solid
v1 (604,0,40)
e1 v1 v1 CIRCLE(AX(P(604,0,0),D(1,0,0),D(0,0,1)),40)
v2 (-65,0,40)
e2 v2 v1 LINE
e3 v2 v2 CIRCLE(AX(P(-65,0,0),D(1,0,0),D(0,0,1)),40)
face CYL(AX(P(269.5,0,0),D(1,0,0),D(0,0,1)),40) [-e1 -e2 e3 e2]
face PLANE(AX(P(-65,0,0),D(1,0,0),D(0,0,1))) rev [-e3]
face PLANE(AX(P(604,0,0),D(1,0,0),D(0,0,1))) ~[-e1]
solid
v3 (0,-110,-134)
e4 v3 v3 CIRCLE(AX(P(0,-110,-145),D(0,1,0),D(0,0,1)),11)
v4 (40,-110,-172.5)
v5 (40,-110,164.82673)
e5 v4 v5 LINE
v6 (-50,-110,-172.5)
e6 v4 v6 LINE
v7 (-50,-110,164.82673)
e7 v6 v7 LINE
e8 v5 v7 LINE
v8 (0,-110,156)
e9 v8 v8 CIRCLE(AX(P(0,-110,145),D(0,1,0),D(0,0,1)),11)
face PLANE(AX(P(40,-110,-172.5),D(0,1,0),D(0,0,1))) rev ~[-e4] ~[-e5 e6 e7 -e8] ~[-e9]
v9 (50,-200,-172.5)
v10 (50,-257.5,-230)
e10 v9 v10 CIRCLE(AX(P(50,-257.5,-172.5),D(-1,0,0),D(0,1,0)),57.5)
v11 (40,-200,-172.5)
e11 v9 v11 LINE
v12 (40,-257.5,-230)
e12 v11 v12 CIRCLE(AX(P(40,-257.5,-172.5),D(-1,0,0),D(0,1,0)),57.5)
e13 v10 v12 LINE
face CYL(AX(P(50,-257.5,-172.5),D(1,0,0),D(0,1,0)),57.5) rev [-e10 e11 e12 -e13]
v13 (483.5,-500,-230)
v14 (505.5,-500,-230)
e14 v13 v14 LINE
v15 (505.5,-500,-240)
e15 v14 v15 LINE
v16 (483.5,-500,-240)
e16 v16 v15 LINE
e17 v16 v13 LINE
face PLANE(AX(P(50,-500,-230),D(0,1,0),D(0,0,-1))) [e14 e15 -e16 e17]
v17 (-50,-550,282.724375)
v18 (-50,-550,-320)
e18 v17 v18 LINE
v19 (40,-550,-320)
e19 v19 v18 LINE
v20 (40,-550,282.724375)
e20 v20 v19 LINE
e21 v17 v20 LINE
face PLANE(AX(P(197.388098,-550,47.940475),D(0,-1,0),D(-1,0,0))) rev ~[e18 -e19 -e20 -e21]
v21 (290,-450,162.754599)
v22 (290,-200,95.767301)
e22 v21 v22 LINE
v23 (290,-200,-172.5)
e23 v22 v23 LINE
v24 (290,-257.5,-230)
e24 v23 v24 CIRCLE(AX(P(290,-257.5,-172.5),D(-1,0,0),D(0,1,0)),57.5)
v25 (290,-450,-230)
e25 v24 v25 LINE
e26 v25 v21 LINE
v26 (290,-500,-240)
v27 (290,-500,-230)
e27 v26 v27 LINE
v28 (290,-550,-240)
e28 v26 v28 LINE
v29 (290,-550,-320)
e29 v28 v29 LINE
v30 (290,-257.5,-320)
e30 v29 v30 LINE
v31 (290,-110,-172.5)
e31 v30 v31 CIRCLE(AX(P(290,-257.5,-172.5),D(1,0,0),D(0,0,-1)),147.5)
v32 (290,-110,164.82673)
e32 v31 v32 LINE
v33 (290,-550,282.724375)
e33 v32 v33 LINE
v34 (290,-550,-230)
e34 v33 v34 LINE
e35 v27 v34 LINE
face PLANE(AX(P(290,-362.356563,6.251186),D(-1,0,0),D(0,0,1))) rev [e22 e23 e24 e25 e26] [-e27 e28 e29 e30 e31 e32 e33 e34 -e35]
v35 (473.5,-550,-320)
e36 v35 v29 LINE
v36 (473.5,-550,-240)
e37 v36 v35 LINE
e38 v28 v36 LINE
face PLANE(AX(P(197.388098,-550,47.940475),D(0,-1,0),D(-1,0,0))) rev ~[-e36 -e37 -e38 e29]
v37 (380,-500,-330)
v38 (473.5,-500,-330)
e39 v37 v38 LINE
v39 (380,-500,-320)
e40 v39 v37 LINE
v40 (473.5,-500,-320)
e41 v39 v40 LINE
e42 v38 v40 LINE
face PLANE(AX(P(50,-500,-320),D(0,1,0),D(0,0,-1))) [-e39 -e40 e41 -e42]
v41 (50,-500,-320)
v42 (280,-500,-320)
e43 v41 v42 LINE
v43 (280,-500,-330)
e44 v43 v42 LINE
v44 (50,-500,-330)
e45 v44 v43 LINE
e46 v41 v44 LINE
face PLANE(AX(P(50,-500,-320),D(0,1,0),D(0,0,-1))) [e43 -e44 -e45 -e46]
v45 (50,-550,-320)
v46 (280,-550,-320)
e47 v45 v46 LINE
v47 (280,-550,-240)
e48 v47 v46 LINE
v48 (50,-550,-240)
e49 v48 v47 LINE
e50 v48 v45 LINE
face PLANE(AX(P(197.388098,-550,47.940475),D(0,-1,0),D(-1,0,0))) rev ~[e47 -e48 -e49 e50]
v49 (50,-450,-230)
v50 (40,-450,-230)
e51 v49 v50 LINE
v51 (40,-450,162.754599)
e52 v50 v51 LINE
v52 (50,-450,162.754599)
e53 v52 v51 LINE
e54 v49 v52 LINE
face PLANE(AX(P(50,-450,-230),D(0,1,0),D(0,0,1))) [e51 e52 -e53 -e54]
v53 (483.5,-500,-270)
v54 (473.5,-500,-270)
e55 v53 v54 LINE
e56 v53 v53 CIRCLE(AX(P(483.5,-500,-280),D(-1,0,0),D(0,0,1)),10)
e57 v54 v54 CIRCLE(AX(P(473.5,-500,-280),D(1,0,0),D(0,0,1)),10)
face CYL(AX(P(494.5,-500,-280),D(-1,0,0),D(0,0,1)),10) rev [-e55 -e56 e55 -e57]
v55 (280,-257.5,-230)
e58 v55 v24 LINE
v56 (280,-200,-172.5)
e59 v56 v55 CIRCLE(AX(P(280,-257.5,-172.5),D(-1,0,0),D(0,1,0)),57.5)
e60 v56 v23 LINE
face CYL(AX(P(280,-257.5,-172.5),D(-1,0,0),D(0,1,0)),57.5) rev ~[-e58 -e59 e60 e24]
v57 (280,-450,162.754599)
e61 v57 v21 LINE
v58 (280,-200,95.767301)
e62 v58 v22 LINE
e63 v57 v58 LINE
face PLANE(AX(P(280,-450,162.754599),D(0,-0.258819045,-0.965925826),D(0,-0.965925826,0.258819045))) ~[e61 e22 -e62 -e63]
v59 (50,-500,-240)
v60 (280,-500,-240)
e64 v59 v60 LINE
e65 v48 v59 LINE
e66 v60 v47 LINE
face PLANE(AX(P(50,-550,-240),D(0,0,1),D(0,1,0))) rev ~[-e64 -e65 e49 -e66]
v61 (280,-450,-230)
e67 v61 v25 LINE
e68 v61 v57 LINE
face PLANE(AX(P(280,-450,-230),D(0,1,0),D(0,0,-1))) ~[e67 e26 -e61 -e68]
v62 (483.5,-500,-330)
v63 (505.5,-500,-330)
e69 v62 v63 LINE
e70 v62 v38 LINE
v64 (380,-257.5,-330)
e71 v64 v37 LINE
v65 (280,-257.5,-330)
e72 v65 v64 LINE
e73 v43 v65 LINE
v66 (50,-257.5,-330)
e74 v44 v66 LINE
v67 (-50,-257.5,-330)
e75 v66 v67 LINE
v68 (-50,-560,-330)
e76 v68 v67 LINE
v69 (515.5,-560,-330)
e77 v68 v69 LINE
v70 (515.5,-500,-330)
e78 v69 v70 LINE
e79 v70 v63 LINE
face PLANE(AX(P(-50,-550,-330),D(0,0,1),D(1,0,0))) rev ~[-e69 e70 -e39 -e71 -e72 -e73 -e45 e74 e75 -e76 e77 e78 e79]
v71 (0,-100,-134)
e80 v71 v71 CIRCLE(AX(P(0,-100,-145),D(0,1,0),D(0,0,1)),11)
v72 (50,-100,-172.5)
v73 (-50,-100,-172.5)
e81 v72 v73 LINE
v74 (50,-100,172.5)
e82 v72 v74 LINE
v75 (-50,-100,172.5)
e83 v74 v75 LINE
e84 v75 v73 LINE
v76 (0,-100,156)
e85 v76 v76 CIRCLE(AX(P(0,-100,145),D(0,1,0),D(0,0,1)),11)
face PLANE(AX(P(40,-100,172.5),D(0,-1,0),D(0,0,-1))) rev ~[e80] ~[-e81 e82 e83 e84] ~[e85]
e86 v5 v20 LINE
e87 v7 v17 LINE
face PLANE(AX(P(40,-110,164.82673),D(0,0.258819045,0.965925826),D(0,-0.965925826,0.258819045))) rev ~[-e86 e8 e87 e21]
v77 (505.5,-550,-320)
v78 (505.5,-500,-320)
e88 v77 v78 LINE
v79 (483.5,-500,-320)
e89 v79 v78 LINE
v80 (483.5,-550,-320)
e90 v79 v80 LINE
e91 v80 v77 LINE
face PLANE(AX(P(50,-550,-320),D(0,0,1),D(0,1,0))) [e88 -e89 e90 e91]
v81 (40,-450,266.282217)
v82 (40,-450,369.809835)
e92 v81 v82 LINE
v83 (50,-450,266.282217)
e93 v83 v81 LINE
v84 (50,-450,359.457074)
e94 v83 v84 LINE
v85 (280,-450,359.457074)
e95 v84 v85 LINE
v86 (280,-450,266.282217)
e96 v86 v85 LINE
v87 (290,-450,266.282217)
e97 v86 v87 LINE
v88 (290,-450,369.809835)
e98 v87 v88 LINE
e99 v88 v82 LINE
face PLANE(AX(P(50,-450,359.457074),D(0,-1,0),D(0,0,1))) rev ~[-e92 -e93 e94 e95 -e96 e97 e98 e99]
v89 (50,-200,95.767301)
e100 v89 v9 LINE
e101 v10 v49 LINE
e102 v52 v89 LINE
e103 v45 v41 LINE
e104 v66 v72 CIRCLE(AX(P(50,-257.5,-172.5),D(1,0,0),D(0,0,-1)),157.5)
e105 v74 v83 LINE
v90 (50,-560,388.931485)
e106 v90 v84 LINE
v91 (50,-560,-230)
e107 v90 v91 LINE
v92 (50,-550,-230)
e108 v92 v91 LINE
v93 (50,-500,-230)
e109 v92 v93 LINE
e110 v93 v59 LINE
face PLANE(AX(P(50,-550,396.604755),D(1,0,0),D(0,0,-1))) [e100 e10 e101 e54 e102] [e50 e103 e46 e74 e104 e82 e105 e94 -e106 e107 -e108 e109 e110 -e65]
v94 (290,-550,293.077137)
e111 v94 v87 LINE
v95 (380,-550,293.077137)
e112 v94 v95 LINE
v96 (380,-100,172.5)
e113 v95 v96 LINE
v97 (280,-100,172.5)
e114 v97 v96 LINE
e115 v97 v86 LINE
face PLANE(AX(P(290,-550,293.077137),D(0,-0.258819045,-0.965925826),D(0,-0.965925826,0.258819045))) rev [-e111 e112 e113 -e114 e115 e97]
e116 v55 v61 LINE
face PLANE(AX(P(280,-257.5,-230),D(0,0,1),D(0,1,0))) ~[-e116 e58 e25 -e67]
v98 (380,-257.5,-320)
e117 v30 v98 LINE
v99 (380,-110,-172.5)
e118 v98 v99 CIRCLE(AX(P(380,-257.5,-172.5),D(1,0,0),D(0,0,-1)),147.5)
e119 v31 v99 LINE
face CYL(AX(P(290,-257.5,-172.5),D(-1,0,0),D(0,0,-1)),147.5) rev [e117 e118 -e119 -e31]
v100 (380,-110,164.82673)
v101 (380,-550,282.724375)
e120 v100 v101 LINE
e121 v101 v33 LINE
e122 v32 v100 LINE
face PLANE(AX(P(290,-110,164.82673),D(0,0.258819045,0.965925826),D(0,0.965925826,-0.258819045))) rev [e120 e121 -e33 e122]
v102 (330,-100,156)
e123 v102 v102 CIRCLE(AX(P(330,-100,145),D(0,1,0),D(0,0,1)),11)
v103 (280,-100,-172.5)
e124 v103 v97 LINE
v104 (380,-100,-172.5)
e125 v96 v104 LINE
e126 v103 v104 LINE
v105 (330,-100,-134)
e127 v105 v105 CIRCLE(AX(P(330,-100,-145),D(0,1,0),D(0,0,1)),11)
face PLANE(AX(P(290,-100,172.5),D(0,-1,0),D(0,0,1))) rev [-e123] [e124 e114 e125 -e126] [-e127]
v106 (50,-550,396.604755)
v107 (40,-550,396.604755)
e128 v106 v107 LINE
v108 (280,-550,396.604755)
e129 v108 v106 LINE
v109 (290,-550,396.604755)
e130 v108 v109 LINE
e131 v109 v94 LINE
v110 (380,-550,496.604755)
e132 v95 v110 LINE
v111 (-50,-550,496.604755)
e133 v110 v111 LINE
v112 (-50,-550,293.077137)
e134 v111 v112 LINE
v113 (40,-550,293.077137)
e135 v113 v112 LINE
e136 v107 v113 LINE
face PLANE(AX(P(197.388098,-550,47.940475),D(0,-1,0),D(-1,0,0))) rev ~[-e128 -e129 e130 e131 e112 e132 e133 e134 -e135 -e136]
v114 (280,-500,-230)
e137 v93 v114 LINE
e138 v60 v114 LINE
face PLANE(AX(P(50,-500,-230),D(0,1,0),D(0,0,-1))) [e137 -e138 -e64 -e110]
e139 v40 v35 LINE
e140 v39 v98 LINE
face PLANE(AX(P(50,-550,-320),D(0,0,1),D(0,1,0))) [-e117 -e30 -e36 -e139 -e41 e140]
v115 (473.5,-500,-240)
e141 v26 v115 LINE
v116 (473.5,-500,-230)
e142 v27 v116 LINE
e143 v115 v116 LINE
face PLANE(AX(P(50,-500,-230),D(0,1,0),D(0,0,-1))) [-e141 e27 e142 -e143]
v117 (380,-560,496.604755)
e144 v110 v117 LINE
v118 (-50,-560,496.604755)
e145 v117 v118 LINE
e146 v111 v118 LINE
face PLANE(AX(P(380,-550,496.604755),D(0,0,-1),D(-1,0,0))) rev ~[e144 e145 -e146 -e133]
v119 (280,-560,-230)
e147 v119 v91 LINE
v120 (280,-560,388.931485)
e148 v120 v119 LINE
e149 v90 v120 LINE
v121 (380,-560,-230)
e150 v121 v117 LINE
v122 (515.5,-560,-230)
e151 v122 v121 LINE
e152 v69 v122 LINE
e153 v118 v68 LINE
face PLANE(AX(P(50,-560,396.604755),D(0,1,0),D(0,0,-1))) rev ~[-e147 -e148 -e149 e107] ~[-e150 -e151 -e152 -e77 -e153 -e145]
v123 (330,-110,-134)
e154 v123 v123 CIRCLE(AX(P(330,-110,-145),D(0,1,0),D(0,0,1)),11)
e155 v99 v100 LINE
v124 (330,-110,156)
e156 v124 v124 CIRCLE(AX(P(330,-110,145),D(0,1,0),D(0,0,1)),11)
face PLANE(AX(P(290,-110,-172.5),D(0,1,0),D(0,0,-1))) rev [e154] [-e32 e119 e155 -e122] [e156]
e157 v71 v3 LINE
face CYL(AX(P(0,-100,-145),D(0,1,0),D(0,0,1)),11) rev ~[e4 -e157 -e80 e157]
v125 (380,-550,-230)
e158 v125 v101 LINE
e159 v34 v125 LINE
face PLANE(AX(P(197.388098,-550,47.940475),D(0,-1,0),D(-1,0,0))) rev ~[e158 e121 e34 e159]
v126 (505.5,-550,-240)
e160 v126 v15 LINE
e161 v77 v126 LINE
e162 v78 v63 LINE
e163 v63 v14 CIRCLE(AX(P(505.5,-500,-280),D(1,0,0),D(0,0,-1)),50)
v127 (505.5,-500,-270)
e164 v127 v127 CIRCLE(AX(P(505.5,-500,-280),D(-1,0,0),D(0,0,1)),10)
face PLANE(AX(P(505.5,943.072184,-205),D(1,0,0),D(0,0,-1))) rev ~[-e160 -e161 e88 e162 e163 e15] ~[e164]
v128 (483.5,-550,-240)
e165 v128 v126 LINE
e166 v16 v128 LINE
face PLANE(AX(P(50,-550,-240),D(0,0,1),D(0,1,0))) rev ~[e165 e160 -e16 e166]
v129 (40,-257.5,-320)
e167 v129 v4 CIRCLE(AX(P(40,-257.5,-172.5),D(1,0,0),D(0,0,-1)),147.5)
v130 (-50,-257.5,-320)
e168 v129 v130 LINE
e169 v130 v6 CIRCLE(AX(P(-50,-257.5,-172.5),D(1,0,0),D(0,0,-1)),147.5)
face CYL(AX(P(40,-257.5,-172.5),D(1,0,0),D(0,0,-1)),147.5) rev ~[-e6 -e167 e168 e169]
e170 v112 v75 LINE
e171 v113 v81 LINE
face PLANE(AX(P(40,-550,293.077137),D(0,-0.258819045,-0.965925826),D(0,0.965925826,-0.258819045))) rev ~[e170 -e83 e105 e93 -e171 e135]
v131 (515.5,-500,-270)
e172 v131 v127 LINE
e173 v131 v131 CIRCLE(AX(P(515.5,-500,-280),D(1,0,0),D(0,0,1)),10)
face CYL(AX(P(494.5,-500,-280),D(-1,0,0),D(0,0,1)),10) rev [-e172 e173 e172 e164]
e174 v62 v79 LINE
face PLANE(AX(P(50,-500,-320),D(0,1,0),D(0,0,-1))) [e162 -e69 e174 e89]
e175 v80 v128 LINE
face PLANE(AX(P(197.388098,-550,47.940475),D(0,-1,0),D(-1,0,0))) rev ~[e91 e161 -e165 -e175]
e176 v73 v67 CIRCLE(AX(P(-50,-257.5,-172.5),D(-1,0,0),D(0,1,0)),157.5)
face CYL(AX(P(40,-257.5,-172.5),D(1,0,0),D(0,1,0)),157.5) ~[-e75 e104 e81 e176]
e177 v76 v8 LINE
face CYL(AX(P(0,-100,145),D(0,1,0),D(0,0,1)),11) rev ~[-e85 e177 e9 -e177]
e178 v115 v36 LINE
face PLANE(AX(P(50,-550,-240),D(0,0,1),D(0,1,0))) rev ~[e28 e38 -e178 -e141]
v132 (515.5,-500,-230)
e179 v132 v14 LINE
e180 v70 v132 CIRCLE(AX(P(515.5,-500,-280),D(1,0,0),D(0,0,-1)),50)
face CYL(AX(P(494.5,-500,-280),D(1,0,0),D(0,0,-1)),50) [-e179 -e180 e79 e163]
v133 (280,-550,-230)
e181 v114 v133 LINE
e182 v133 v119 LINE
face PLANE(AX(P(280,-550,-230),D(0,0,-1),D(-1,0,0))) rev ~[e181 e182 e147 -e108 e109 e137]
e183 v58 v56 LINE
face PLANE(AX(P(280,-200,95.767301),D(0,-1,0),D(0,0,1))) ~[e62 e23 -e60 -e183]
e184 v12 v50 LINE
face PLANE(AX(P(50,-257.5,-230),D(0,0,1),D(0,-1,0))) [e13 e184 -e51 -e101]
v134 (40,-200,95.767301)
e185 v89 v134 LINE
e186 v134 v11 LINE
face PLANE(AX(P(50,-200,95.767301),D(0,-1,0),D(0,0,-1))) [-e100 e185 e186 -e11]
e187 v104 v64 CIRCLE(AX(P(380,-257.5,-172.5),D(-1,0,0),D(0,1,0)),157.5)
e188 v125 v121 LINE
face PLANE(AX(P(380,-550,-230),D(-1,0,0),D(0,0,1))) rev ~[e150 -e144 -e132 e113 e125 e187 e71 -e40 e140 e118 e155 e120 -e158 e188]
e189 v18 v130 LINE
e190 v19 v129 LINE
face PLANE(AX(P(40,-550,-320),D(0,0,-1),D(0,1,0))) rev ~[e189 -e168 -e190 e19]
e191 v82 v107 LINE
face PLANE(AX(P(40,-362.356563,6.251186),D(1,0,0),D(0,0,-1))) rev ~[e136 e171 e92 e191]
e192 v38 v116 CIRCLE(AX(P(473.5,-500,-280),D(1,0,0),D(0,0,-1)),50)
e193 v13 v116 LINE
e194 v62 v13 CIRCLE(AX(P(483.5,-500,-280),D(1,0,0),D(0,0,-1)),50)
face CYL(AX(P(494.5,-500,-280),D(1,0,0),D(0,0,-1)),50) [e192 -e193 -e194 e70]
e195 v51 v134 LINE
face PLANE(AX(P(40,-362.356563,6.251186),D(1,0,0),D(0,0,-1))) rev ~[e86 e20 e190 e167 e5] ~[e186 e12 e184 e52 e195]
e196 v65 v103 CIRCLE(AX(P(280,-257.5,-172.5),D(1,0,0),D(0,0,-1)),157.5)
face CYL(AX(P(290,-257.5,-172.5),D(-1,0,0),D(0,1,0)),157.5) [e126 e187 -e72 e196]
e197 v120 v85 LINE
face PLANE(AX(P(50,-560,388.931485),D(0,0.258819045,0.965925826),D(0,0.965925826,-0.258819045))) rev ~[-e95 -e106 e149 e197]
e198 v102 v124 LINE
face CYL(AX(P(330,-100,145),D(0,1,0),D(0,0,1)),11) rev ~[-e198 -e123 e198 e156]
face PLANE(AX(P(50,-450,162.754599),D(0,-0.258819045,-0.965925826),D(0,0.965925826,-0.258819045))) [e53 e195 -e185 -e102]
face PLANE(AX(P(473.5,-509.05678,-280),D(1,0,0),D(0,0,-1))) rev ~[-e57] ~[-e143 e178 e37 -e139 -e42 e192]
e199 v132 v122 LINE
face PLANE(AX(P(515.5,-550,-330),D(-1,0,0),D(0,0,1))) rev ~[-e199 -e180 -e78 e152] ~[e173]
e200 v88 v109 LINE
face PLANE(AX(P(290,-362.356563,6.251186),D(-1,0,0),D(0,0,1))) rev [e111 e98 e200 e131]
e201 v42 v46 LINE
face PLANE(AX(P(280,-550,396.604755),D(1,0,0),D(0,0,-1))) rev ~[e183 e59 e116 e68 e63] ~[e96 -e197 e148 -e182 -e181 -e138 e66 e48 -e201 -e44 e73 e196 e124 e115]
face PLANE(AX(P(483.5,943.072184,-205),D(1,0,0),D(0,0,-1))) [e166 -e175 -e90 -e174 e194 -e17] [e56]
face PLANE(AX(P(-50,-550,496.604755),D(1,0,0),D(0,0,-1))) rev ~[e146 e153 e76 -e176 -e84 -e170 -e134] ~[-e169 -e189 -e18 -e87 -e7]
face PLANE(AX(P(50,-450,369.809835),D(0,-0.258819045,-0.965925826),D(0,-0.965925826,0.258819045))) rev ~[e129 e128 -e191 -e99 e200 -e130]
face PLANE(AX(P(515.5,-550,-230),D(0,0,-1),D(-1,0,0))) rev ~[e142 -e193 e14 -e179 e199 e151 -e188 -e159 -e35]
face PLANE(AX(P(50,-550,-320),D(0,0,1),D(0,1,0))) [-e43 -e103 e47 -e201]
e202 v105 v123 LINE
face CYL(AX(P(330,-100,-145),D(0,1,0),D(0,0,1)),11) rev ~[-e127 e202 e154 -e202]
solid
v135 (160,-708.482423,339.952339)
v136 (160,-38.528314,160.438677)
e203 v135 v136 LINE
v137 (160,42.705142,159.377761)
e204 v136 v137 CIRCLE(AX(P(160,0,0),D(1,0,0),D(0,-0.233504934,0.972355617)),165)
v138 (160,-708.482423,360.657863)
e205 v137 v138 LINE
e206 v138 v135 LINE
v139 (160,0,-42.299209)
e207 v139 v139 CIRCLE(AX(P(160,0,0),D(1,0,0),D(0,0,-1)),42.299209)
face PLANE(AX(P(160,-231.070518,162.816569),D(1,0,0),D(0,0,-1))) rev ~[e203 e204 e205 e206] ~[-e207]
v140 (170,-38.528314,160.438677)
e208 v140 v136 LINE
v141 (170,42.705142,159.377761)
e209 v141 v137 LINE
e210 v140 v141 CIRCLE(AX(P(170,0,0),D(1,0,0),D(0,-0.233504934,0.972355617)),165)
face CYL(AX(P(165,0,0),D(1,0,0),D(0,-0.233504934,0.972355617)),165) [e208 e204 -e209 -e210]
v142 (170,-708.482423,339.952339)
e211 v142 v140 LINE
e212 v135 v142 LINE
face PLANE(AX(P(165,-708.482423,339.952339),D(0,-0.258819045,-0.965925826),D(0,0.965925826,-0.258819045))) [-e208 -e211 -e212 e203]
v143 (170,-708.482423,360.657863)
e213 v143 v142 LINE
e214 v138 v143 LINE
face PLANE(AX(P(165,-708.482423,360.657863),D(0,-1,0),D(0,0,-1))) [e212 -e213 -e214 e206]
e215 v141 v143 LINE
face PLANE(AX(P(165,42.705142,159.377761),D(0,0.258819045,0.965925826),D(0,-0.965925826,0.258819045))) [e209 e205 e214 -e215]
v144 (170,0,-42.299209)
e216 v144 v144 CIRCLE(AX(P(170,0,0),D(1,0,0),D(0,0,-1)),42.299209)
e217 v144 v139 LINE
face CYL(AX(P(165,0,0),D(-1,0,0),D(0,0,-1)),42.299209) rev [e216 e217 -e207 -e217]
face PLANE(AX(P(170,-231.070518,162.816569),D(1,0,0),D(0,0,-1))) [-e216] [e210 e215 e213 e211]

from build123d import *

# Parameters (mm, degrees)
SKETCH2_W               = 669
SKETCH2_H               = 40
SKETCH6_R               = 10
BOSS_EXTRUDE1_DEPTH     = 21
CUT_EXTRUDE1_DEPTH      = 943.072184071
CUT_EXTRUDE1_DEPTH_BACK = 943.072184071
SKETCH7_W               = 22
SKETCH7_H               = 150
BOSS_EXTRUDE12_DEPTH    = 10
EXTRUDE_THIN8_DEPTH     = 90
EXTRUDE_THIN9_START     = -465.5
SKETCH34_W              = 10
SKETCH34_H              = 50
EXTRUDE_THIN9_DEPTH     = 455.5
SKETCH36_W              = 230
SKETCH36_H              = 626.604754635
BOSS_EXTRUDE13_DEPTH    = 10
BOSS_EXTRUDE14_START    = -240
BOSS_EXTRUDE14_DEPTH    = 230
SKETCH38_R              = 11
CUT_EXTRUDE3_DEPTH      = 10
SKETCH20_R              = 42.299208509
BOSS_EXTRUDE15_DEPTH    = 5


with BuildPart() as part:
    # Sketch2 → Revolve1 (revolve)
    with BuildSketch(Plane.XY, mode=Mode.PRIVATE) as revolve1_sk:
        with Locations((269.5, 20)):
            Rectangle(SKETCH2_W, SKETCH2_H)
    revolve(revolve1_sk.sketch.rotate(Axis((-65, 0, 0), (1, 0, 0)), 90), axis=Axis((-65, 0, 0), (1, 0, 0)))


with BuildPart() as body_2:
    # Sketch6 → Boss-Extrude1 (new, symmetric)
    with BuildSketch(Plane(origin=(494.5, 0, 0), x_dir=(0, 0, -1), z_dir=(1, 0, 0))):
        with BuildLine():
            Line((230, -500), (230, -550))
            Line((230, -550), (280, -550))
            Line((280, -550), (330, -550))
            Line((330, -550), (330, -500))
            ThreePointArc((330, -500), (280, -450), (230, -500))
        make_face()
        with Locations(Location((280, -500, 0), (0, 0, 180))):
            Circle(SKETCH6_R, mode=Mode.SUBTRACT)
    extrude(amount=BOSS_EXTRUDE1_DEPTH, both=True)

    # Sketch7 → Cut-Extrude1 (cut, two sides: drawn at the far end of the back side and taken through both)
    with BuildSketch(Plane(origin=(625, 0, 0), x_dir=(-1, 0, 0), z_dir=(0, -1, 0)).offset(-CUT_EXTRUDE1_DEPTH_BACK)):
        with Locations((130.5, 280)):
            Rectangle(SKETCH7_W, SKETCH7_H)
    extrude(amount=CUT_EXTRUDE1_DEPTH + CUT_EXTRUDE1_DEPTH_BACK, mode=Mode.SUBTRACT)


with BuildPart() as cut_extrude1_piece_1:
    # of the separate pieces the step leaves, piece 1, a body of its own (cut_extrude1_pieces)
    add(body_2.part.solids().sort_by_distance((483.5, -500, -230))[0])



with BuildPart() as cut_extrude1_piece_2:
    # of the separate pieces the step leaves, piece 2, a body of its own (cut_extrude1_pieces)
    add(body_2.part.solids().sort_by_distance((515.5, -500, -230))[0])


with BuildPart() as body_4:
    # Sketch30 → Boss-Extrude12 (new body)
    with BuildSketch(Plane(origin=(50, 0, 0), x_dir=(0, 0, -1), z_dir=(1, 0, 0))):
        with BuildLine():
            ThreePointArc((330, -257.5), (283.869318037, -146.130681963), (172.5, -100))
            Line((172.5, -100), (122.5, -100))
            Line((122.5, -100), (-172.5, -100))
            Line((-172.5, -100), (-266.282217351, -450))
            Line((-266.282217351, -450), (-369.809835392, -450))
            Line((-369.809835392, -450), (-396.604754635, -550))
            Line((-396.604754635, -550), (-293.077136594, -550))
            Line((-293.077136594, -550), (-189.549518553, -550))
            Line((-189.549518553, -550), (230, -550))
            Line((230, -550), (330, -550))
            Line((330, -550), (330, -500))
            Line((330, -500), (330, -257.5))
        make_face()
        with BuildLine():
            ThreePointArc((172.5, -200), (213.158639918, -216.841360082), (230, -257.5))
            Line((230, -257.5), (230, -450))
            Line((230, -450), (-162.75459931, -450))
            Line((-162.75459931, -450), (-95.767301202, -200))
            Line((-95.767301202, -200), (122.5, -200))
            Line((122.5, -200), (172.5, -200))
        make_face(mode=Mode.SUBTRACT)
    extrude(amount=-BOSS_EXTRUDE12_DEPTH)

    # Sketch31 → Extrude-Thin8 (add)
    with BuildSketch(Plane.ZY.offset(-40)):
        with BuildLine():
            Line((293.077136594, -550), (172.5, -100))
            Line((172.5, -100), (-172.5, -100))
            ThreePointArc((-172.5, -100), (-283.869318037, -146.130681963), (-330, -257.5))
            Line((-330, -257.5), (-330, -550))
            Line((-330, -550), (-320, -550))
            Line((-320, -550), (-320, -257.5))
            ThreePointArc((-320, -257.5), (-276.798250225, -153.201749775), (-172.5, -110))
            Line((-172.5, -110), (164.82673012, -110))
            Line((164.82673012, -110), (283.417878331, -552.588190451))
            Line((283.417878331, -552.588190451), (293.077136594, -550))
        make_face()
    extrude(amount=EXTRUDE_THIN8_DEPTH)


with BuildPart() as body_5:
    # Mirror8: mirrored copy
    add(body_4.part.mirror(Plane(origin=(165, 0, 0), x_dir=(0, 0, 1), z_dir=(1, 0, 0))))


with BuildPart() as cut_extrude1_piece_1_1:
    add(cut_extrude1_piece_1.part)

    add(cut_extrude1_piece_2.part)  # Extrude-Thin9 merges Cut-Extrude1 piece 2

    add(body_4.part)  # Extrude-Thin9 merges body 4

    add(body_5.part)  # Extrude-Thin9 merges body 5
    # Sketch34 → Extrude-Thin9 (add)
    with BuildSketch(Plane(origin=(515.5, 0, 0), x_dir=(0, 0, -1), z_dir=(1, 0, 0)).offset(EXTRUDE_THIN9_START)):
        with Locations((235, -525)):
            Rectangle(SKETCH34_W, SKETCH34_H)
        with Locations((325, -525)):
            Rectangle(SKETCH34_W, SKETCH34_H)
    extrude(amount=EXTRUDE_THIN9_DEPTH)

    # Sketch36 → Boss-Extrude13 (add)
    with BuildSketch(Plane(origin=(0, -550, 0), x_dir=(-1, 0, 0), z_dir=(0, -1, 0))):
        Polygon((-280, 330), (-380, 330), (-515.5, 330), (-515.5, 230), (-380, 230), (-380, -496.604754635), (50, -496.604754635), (50, 330), (-50, 330), align=None)
        with Locations((-165, -83.302377317)):
            Rectangle(SKETCH36_W, SKETCH36_H, mode=Mode.SUBTRACT)
    extrude(amount=BOSS_EXTRUDE13_DEPTH)

    # Sketch37 → Boss-Extrude14 (add)
    with BuildSketch(Plane(origin=(290, 0, 0), x_dir=(0, 0, -1), z_dir=(1, 0, 0)).offset(BOSS_EXTRUDE14_START)):
        Polygon((-369.809835392, -450), (-396.604754635, -550), (-396.604754635, -560), (-388.931484755, -560), (-359.457073588, -450), align=None)
    extrude(amount=BOSS_EXTRUDE14_DEPTH)

    # Sketch38 → Cut-Extrude3 (cut)
    with BuildSketch(Plane(origin=(0, -100, 0), x_dir=(1, 0, 0), z_dir=(0, 1, 0))):
        with Locations(Location((0, 145, 0), (0, 0, 270))):
            Circle(SKETCH38_R)
        with Locations(Location((0, -145, 0), (0, 0, 270))):
            Circle(SKETCH38_R)
        with Locations(Location((330, 145, 0), (0, 0, 270))):
            Circle(SKETCH38_R)
        with Locations(Location((330, -145, 0), (0, 0, 270))):
            Circle(SKETCH38_R)
    extrude(amount=-CUT_EXTRUDE3_DEPTH, mode=Mode.SUBTRACT)


with BuildPart() as body_3:
    # Sketch20 → Boss-Extrude15 (new, symmetric)
    with BuildSketch(Plane(origin=(165, 0, 0), x_dir=(0, 0, -1), z_dir=(1, 0, 0))):
        with BuildLine():
            Line((-159.377761338, 42.705142442), (-360.657862956, -708.482423351))
            Line((-360.657862956, -708.482423351), (-339.952339348, -708.482423351))
            Line((-339.952339348, -708.482423351), (-160.438676803, -38.528314079))
            ThreePointArc((-160.438676803, -38.528314079), (164.98593013, -2.154729496), (-159.377761338, 42.705142442))
        make_face()
        Circle(SKETCH20_R, mode=Mode.SUBTRACT)
    extrude(amount=BOSS_EXTRUDE15_DEPTH, both=True)


solid = Compound([part.part, cut_extrude1_piece_1_1.part, body_3.part])
